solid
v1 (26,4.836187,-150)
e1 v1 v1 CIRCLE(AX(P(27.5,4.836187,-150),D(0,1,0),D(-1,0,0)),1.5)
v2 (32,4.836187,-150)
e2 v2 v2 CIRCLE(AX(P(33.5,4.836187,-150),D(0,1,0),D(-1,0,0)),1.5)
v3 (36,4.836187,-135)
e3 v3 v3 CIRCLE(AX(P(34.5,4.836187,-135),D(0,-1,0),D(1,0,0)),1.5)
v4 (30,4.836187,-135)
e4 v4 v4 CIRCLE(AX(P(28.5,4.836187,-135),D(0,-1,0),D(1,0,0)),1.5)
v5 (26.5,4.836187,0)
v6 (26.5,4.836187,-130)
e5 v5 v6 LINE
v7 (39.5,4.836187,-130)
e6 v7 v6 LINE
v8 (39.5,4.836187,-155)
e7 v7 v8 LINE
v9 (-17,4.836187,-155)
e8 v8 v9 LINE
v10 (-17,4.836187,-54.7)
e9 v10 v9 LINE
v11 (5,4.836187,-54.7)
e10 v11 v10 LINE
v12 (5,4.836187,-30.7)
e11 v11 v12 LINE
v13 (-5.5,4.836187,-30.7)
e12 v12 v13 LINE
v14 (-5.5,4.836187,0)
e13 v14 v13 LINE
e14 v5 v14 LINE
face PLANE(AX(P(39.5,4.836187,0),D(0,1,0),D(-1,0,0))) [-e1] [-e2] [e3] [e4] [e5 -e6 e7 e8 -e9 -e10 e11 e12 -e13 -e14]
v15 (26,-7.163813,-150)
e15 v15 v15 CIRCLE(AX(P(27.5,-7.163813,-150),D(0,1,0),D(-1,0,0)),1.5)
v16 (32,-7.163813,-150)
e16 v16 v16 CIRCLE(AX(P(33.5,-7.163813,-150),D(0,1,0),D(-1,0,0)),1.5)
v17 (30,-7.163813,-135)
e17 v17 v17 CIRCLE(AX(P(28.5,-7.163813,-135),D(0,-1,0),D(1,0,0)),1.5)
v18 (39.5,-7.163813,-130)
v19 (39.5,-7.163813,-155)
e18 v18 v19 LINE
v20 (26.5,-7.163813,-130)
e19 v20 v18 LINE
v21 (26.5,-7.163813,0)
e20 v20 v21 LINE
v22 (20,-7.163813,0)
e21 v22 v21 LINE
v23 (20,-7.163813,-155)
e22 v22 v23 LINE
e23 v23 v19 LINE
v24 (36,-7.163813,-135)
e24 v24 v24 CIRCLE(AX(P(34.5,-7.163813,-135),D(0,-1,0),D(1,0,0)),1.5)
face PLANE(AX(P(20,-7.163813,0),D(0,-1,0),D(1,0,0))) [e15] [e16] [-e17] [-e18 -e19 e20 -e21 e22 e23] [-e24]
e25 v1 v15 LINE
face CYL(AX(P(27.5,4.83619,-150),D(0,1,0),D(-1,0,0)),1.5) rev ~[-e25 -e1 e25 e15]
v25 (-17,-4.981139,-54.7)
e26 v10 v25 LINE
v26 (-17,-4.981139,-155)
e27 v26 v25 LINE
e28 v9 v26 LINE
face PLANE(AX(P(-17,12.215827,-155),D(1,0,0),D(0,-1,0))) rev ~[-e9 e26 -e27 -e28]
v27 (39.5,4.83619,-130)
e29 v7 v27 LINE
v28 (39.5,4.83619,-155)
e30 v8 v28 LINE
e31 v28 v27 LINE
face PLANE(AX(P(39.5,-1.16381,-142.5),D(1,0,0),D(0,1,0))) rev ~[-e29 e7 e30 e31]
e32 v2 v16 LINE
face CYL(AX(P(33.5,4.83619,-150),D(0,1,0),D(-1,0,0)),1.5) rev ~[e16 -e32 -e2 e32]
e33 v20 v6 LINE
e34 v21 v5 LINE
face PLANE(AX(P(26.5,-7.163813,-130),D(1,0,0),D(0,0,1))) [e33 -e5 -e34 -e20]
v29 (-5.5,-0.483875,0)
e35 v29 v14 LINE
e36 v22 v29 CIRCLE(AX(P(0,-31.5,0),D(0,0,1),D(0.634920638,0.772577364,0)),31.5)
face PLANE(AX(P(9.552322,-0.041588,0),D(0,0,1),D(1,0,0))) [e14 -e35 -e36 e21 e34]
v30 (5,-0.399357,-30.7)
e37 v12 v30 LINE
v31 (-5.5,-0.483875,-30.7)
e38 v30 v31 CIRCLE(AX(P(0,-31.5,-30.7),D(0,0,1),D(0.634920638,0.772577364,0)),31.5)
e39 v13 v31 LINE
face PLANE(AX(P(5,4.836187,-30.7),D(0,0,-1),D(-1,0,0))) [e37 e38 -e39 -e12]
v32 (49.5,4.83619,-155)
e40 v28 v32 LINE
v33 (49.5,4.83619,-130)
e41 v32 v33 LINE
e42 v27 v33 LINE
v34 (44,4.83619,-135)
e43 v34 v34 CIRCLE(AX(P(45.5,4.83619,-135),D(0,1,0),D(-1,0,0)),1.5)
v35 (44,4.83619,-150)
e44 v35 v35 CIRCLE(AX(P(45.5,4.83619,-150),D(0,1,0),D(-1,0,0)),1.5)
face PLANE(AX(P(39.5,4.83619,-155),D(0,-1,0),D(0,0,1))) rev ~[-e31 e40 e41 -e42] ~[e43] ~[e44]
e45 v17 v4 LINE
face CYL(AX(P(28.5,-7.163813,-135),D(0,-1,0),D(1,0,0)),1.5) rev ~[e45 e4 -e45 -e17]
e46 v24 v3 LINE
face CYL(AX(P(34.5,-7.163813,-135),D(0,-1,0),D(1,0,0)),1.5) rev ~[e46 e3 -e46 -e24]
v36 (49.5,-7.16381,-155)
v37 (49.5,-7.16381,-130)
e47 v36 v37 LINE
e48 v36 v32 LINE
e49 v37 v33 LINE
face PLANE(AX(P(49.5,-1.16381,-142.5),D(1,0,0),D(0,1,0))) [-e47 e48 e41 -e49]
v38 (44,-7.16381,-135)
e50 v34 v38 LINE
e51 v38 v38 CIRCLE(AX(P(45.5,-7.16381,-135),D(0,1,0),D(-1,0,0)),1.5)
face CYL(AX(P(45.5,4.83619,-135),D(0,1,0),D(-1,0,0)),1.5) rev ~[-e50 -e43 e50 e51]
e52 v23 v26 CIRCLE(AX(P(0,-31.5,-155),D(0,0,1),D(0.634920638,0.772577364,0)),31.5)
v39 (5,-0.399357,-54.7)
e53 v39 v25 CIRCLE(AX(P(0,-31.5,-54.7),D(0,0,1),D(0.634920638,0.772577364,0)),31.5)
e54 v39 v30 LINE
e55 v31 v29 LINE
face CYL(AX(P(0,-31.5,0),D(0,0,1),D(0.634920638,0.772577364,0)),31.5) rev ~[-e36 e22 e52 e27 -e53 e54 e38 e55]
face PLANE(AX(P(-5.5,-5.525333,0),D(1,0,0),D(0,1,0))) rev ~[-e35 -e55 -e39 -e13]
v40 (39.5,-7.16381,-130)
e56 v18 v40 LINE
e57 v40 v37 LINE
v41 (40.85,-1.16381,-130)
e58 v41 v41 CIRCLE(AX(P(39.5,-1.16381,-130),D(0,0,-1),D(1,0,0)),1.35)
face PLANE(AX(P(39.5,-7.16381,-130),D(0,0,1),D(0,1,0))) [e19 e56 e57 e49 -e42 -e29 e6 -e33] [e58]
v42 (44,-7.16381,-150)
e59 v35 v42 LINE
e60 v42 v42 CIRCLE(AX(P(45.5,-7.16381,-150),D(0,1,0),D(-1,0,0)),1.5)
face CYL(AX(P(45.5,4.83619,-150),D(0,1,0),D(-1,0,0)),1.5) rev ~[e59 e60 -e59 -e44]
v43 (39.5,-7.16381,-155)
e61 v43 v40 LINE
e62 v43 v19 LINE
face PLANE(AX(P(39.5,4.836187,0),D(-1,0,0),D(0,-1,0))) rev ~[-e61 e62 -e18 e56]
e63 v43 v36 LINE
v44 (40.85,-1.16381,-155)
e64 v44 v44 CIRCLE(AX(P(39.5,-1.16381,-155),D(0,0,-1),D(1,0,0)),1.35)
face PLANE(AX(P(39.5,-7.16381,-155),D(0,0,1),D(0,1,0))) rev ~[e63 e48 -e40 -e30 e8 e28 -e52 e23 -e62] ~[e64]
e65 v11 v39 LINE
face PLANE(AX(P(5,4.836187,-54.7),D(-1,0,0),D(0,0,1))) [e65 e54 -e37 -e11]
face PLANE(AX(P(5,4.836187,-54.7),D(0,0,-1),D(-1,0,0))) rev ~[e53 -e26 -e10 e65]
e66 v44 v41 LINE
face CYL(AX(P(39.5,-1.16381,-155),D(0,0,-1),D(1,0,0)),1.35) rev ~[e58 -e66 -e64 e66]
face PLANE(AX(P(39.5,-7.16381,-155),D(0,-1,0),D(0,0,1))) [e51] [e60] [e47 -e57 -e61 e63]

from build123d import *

# Parameters (mm, degrees)
PAD_DEPTH       = 155
SKETCH001_R     = 1.5
SKETCH001_W     = 13
SKETCH001_H     = 130
POCKET_DEPTH    = 12.001
SKETCH002_W     = 5.583172
SKETCH002_H     = 23.950112
POCKET001_DEPTH = 155.001
SKETCH003_W     = 22
SKETCH003_H     = 24
POCKET002_DEPTH = 12.001
SKETCH004_W     = 11.5
SKETCH004_H     = 12.924639
POCKET003_DEPTH = 31
SKETCH005_W     = 12
SKETCH005_H     = 25
PAD001_DEPTH    = 10
SKETCH006_R     = 1.35
POCKET004_DEPTH = 155.001
SKETCH007_R     = 1.5
POCKET005_DEPTH = 12.001003


with BuildPart() as part:
    # Sketch → Pad (new body)
    with BuildSketch(Plane.XY):
        with BuildLine():
            Line((39.5, 4.836187), (-20, 4.836187))
            Line((-20, 4.836187), (-20, -7.163813))
            ThreePointArc((20, -7.163813), (0, 0), (-20, -7.163813))
            Line((20, -7.163813), (39.5, -7.163813))
            Line((39.5, 4.836187), (39.5, -7.163813))
        make_face()
    extrude(amount=-PAD_DEPTH)

    # Sketch001 → Pocket (cut, through all)
    with BuildSketch(Plane.XZ.offset(7.163813)):
        with Locations((28.5, -135)):
            Circle(SKETCH001_R)
        with Locations((34.5, -135)):
            Circle(SKETCH001_R)
        with Locations((33, -65)):
            Rectangle(SKETCH001_W, SKETCH001_H)
    extrude(amount=-POCKET_DEPTH, mode=Mode.SUBTRACT)

    # Sketch002 → Pocket001 (cut, through all)
    with BuildSketch(Plane(origin=(0, 0, -155), x_dir=(1, 0, 0), z_dir=(0, 0, -1))):
        with Locations((-19.791586, -0.240771)):
            Rectangle(SKETCH002_W, SKETCH002_H)
    extrude(amount=-POCKET001_DEPTH, mode=Mode.SUBTRACT)

    # Sketch003 → Pocket002 (cut, through all)
    with BuildSketch(Plane(origin=(0, 4.836187, 0), x_dir=(-1, 0, 0), z_dir=(0, 1, 0))):
        with Locations((6, -42.7)):
            Rectangle(SKETCH003_W, SKETCH003_H)
    extrude(amount=-POCKET002_DEPTH, mode=Mode.SUBTRACT)

    # Sketch004 → Pocket003 (cut)
    with BuildSketch(Plane.XY):
        with Locations((-11.25, 0.936987)):
            Rectangle(SKETCH004_W, SKETCH004_H)
    extrude(amount=-POCKET003_DEPTH, mode=Mode.SUBTRACT)

    # Sketch005 → Pad001 (new body)
    with BuildSketch(Plane.YZ.offset(39.5)):
        with Locations((-1.16381, -142.5)):
            Rectangle(SKETCH005_W, SKETCH005_H)
    extrude(amount=PAD001_DEPTH)

    # Sketch006 → Pocket004 (cut, through all)
    with BuildSketch(Plane(origin=(0, 0, -155), x_dir=(1, 0, 0), z_dir=(0, 0, -1))):
        with Locations((39.5, 1.16381)):
            Circle(SKETCH006_R)
    extrude(amount=-POCKET004_DEPTH, mode=Mode.SUBTRACT)

    # Sketch007 → Pocket005 (cut, through all)
    with BuildSketch(Plane(origin=(0, 4.83619, 0), x_dir=(-1, 0, 0), z_dir=(0, 1, 0))):
        with Locations((-45.5, -135)):
            Circle(SKETCH007_R)
        with Locations((-45.5, -150)):
            Circle(SKETCH007_R)
        with Locations((-33.5, -150)):
            Circle(SKETCH007_R)
        with Locations((-27.5, -150)):
            Circle(SKETCH007_R)
    extrude(amount=-POCKET005_DEPTH, mode=Mode.SUBTRACT)


solid = part.part
